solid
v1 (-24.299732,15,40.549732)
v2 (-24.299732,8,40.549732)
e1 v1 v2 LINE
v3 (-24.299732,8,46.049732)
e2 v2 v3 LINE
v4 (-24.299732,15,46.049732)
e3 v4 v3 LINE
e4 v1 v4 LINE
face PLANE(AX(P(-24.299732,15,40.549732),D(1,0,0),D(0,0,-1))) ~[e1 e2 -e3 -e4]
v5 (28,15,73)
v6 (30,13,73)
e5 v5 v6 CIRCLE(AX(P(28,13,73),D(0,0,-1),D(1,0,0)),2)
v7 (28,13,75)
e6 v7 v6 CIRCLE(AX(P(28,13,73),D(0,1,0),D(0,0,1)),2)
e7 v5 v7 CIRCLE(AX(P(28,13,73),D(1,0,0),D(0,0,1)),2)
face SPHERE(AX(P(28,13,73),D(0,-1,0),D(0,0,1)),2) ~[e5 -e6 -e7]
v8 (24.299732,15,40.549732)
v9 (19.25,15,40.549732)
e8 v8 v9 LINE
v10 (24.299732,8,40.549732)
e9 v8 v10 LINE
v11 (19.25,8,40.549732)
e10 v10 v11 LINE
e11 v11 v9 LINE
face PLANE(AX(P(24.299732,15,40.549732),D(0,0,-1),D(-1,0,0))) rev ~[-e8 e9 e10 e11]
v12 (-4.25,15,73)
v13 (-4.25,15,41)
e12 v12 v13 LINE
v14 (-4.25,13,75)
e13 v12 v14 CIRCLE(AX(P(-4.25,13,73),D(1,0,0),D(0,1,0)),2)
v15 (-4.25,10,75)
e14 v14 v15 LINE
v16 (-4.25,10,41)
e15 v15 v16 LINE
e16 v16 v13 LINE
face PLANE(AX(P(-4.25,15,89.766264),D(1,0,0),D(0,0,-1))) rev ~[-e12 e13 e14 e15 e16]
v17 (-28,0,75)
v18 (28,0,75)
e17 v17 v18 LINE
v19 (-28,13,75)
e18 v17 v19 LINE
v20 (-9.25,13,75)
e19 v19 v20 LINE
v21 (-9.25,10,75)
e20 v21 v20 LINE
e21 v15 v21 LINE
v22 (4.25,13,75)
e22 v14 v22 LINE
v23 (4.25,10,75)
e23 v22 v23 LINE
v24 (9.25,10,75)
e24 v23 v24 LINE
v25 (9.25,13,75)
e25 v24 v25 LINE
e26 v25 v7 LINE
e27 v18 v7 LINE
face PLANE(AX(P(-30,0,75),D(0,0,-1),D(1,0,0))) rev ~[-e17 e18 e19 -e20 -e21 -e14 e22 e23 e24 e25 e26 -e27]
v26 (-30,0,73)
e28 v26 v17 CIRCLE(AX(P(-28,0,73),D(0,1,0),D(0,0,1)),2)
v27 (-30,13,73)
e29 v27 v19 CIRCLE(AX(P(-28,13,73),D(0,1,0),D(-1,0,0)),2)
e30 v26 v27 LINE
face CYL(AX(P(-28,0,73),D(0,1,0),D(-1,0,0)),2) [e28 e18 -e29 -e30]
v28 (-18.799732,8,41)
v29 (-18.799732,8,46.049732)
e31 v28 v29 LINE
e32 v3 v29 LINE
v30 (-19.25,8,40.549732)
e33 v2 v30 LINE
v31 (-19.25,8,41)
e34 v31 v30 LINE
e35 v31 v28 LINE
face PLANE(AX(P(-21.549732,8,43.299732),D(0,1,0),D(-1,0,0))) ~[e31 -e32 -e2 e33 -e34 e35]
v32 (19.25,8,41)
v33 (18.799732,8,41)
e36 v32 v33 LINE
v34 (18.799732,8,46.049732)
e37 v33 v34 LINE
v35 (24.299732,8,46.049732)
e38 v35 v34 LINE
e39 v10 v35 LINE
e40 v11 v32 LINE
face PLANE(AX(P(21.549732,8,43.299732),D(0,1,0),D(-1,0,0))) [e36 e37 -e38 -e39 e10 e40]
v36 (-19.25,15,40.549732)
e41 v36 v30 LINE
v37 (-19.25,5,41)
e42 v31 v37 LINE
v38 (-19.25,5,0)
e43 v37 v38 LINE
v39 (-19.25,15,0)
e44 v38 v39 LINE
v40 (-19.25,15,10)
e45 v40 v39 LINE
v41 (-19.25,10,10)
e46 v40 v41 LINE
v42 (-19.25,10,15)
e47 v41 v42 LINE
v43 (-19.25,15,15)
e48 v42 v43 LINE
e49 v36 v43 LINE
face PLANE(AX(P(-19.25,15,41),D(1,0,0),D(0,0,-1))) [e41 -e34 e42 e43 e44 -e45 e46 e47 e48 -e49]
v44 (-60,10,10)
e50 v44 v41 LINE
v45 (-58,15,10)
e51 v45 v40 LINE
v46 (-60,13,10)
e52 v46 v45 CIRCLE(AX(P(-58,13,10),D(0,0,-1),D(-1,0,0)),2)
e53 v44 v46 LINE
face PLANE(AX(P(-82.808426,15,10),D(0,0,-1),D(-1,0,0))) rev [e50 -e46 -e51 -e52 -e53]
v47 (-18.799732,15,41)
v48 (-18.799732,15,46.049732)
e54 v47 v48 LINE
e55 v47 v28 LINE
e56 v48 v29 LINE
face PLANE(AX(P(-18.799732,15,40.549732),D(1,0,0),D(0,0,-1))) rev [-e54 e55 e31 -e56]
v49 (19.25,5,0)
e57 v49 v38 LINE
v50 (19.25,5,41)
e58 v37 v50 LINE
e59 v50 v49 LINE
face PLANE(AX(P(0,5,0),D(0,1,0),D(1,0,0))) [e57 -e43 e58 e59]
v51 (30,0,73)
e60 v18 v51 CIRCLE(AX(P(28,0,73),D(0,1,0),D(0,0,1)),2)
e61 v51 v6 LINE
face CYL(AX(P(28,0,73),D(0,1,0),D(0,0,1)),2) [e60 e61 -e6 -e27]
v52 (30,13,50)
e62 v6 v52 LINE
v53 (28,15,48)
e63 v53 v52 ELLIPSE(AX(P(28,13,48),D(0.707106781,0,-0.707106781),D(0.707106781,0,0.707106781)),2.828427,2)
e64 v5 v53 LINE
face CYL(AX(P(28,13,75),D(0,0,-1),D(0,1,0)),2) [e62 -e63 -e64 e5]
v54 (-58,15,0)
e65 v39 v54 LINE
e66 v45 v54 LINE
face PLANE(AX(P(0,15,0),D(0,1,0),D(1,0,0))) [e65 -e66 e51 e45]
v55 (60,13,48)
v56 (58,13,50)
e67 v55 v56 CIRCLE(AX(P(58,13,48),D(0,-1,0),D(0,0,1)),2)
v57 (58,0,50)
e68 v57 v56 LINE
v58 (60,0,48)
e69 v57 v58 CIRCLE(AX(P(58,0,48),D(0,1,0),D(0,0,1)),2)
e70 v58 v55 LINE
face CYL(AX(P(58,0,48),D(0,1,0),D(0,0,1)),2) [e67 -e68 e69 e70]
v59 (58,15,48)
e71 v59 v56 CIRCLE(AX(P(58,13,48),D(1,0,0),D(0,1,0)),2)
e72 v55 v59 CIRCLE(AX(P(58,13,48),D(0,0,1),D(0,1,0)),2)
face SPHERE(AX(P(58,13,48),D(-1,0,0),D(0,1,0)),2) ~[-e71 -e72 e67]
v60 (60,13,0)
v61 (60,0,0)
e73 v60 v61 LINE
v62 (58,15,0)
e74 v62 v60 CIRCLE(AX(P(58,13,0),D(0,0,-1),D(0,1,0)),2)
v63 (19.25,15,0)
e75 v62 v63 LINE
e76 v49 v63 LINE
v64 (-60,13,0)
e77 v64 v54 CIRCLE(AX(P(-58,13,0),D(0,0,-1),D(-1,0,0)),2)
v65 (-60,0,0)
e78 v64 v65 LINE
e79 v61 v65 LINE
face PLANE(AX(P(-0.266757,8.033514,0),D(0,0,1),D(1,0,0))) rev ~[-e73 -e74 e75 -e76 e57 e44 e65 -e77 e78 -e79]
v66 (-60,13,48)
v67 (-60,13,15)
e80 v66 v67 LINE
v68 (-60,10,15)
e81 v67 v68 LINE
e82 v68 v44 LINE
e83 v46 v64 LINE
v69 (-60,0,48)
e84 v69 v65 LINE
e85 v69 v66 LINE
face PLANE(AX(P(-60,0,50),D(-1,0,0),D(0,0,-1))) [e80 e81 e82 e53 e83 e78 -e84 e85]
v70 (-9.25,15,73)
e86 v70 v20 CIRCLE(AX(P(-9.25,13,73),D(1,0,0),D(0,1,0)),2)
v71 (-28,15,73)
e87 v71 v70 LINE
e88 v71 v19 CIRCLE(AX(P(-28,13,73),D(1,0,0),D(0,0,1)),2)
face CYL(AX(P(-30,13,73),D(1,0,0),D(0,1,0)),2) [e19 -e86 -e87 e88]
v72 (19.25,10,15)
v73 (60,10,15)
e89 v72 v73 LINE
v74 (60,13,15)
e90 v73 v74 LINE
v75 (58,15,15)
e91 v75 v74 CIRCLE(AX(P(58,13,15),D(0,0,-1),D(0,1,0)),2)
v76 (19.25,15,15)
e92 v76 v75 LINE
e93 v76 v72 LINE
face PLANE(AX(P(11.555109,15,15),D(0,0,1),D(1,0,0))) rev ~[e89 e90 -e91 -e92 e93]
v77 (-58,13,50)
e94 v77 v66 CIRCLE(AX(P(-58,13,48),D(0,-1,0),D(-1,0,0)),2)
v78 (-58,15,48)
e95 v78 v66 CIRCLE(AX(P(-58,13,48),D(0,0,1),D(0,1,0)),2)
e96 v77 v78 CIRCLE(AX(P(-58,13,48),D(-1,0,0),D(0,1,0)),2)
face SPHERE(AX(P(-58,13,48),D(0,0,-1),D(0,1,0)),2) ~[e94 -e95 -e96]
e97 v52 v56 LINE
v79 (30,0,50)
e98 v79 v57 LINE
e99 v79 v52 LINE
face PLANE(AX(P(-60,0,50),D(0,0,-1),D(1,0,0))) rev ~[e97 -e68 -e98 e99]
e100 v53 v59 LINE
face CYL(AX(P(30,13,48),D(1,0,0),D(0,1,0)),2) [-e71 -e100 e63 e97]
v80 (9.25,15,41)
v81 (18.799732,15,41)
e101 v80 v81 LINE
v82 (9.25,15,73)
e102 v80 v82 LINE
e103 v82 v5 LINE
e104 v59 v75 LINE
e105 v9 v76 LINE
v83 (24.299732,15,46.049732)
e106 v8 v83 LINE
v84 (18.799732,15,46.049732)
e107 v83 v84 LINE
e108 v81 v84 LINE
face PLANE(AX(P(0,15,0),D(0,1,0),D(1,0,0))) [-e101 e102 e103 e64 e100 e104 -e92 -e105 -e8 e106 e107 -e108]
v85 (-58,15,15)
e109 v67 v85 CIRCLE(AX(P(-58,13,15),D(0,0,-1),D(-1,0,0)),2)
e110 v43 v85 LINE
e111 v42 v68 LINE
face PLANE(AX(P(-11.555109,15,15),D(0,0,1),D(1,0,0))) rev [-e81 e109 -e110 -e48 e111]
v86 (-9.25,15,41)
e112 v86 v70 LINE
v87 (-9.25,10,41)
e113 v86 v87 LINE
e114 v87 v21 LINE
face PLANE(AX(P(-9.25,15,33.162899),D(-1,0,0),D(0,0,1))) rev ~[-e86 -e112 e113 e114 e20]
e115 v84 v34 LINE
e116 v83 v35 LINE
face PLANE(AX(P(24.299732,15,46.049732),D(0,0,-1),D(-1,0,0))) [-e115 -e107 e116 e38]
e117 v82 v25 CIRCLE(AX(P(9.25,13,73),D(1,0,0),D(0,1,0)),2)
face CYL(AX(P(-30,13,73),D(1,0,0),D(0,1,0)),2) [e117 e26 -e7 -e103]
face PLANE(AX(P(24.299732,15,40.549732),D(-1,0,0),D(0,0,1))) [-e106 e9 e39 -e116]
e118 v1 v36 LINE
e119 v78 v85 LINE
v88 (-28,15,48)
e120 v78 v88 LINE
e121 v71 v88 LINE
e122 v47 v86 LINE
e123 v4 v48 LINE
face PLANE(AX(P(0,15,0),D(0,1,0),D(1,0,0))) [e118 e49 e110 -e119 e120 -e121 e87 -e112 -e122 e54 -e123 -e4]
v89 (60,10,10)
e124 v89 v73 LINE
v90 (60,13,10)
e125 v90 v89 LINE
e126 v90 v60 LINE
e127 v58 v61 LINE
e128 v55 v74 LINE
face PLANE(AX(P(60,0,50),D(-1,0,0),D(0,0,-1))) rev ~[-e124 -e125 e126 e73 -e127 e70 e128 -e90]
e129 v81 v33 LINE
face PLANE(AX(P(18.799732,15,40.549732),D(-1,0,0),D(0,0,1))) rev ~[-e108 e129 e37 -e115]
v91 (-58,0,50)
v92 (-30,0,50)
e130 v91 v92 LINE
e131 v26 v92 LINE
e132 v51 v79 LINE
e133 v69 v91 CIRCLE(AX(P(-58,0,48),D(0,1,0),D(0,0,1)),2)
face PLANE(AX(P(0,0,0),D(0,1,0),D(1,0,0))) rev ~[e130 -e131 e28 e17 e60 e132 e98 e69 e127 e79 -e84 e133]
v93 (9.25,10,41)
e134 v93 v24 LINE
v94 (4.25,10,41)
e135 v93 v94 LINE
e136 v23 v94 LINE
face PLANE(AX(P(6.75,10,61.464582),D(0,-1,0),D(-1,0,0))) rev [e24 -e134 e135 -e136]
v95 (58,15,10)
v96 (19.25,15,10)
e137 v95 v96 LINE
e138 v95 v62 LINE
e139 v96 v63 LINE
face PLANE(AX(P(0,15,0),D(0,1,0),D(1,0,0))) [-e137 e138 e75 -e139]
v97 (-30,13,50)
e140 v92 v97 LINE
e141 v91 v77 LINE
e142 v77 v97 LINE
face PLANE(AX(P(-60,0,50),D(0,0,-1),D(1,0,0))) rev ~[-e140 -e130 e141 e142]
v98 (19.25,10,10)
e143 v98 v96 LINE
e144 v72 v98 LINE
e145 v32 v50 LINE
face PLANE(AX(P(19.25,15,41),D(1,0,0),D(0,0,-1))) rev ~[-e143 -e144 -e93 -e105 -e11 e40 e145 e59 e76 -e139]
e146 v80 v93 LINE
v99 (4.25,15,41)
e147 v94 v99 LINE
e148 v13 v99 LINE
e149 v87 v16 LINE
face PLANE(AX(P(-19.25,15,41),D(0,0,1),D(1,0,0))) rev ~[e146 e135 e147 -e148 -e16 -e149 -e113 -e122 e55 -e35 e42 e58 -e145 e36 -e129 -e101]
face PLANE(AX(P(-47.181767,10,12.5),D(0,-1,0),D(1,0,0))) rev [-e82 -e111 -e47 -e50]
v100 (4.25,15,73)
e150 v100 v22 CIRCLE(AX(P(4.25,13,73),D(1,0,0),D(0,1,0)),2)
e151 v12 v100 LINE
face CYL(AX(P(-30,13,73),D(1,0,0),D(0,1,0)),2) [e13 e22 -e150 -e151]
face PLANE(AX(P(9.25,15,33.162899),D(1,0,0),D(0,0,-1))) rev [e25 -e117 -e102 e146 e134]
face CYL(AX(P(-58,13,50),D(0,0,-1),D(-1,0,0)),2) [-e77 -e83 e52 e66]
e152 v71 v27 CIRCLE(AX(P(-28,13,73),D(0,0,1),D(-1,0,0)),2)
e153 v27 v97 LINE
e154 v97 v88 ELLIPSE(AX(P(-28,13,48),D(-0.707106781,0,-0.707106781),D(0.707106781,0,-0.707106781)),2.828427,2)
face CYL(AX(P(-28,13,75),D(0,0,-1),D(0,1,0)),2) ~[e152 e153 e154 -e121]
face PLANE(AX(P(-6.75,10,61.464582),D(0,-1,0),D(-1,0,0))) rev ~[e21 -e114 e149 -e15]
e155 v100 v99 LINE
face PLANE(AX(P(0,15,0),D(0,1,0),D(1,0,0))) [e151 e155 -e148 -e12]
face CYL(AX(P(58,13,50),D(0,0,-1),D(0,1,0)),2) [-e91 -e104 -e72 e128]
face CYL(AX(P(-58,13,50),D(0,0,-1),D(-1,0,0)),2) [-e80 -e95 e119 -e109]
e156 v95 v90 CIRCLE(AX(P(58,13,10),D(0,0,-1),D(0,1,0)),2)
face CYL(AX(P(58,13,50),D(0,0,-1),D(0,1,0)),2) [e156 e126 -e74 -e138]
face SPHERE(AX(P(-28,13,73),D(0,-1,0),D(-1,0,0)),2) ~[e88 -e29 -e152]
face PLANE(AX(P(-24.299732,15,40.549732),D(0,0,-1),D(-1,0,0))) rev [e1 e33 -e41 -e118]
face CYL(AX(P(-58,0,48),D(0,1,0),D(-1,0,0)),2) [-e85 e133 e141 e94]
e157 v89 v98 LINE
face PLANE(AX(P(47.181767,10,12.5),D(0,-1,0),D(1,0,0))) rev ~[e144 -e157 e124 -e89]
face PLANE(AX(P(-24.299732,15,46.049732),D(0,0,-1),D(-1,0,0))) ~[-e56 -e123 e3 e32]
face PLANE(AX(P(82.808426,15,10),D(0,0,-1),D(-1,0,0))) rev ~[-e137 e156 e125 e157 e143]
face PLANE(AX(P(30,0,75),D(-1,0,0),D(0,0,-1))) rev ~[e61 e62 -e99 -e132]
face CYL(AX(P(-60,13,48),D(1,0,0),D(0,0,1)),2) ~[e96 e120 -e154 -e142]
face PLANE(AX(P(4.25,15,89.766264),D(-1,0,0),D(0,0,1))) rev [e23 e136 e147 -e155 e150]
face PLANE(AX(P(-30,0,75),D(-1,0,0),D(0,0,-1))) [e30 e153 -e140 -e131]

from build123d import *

# Parameters (mm, degrees)
SKETCH1_W                                  = 120
SKETCH1_H                                  = 100
BOSS_EXTRUDE1_DEPTH                        = 15
SKETCH7_W                                  = 60
SKETCH7_H                                  = 25
BOSS_EXTRUDE6_DEPTH                        = 15
FILLET1_R                                  = 2
SKETCH2_W                                  = 38.5
SKETCH2_H                                  = 82
CUT_EXTRUDE1_DEPTH                         = 10
CUT_EXTRUDE3_DEPTH                         = 5
SKETCH11_W                                 = 5.5
SKETCH11_H                                 = 5.5
CUT_EXTRUDE6_DEPTH                         = 7
MIRROR3_AT_THE_SECOND_PLANE_COPY_1_SKETC_W = 5.5
MIRROR3_AT_THE_SECOND_PLANE_COPY_1_SKETC_H = 5.5
MIRROR3_AT_THE_SECOND_PLANE_COPY_1_DEPTH   = 7
MIRROR4_AT_THE_SECOND_PLANE_COPY_1_DEPTH   = 5
CUT_EXTRUDE7_REACH                         = 99.211
SKETCH12_W                                 = 131.778064034
SKETCH12_H                                 = 21.740712993


with BuildPart() as part:
    # Sketch1 → Boss-Extrude1 (new body)
    with BuildSketch(Plane(origin=(0, 0, 0), x_dir=(1, 0, 0), z_dir=(0, 1, 0))):
        Rectangle(SKETCH1_W, SKETCH1_H)
    extrude(amount=BOSS_EXTRUDE1_DEPTH)

    # Sketch7 → Boss-Extrude6 (add)
    with BuildSketch(Plane(origin=(0, 0, 0), x_dir=(1, 0, 0), z_dir=(0, 1, 0))):
        with Locations((0, -62.5)):
            Rectangle(SKETCH7_W, SKETCH7_H)
        with Locations((0, 62.5)):
            Rectangle(SKETCH7_W, SKETCH7_H)
    extrude(amount=BOSS_EXTRUDE6_DEPTH)

    # Fillet1
    fillet1_edges = [part.edges().sort_by_distance(p)[0] for p in [
        (-60, 15, 0),
        (45, 15, 50),
        (-45, 15, 50),
        (-30, 7.5, 75),
        (30, 7.5, 75),
        (-30, 15, 62.5),
        (0, 15, 75),
        (30, 15, 62.5),
        (-45, 15, -50),
        (0, 15, -75),
        (30, 7.5, -75),
        (-30, 15, -62.5),
        (-30, 7.5, -75),
        (30, 15, -62.5),
        (60, 15, 0),
        (60, 7.5, 50),
        (-60, 7.5, 50),
        (-60, 7.5, -50),
        (60, 7.5, -50),
        (45, 15, -50),
    ]]
    fillet(fillet1_edges, radius=FILLET1_R)

    # Sketch2 → Cut-Extrude1 (cut)
    with BuildSketch(Plane(origin=(0, 15, 0), x_dir=(1, 0, 0), z_dir=(0, 1, 0))):
        Rectangle(SKETCH2_W, SKETCH2_H)
    extrude(amount=-CUT_EXTRUDE1_DEPTH, mode=Mode.SUBTRACT)

    # Sketch10 → Cut-Extrude3 (cut)
    with BuildSketch(Plane(origin=(0, 15, 0), x_dir=(1, 0, 0), z_dir=(0, 1, 0))):
        Polygon((-9.25, -40.5), (-9.25, -33.162899401), (-4.25, -33.162899401), (-4.25, -40.5), (-4.25, -89.766264028), (-9.25, -89.766264028), align=None)
        Polygon((-82.808425803, 15), (-19.25, 15), (-11.555108838, 15), (-11.555108838, 10), (-19.25, 10), (-82.808425803, 10), align=None)
    cut_extrude3 = extrude(amount=-CUT_EXTRUDE3_DEPTH, mode=Mode.SUBTRACT)

    # Sketch11 → Cut-Extrude6 (cut)
    with BuildSketch(Plane(origin=(0, 15, 0), x_dir=(1, 0, 0), z_dir=(0, 1, 0))):
        with Locations((-21.549732367, 43.299732367)):
            Rectangle(SKETCH11_W, SKETCH11_H)
    cut_extrude6 = extrude(amount=-CUT_EXTRUDE6_DEPTH, mode=Mode.SUBTRACT)

    # Mirror3: Cut-Extrude6 across plane
    add(cut_extrude6.mirror(Plane(origin=(0, 0, 0), x_dir=(0, 0, 1), z_dir=(1, 0, 0))), mode=Mode.SUBTRACT)

    # Mirror3 at the second plane: Cut-Extrude6 across plane
    add(cut_extrude6.mirror(Plane.XY), mode=Mode.SUBTRACT)

    # Mirror3 at the second plane copy 1 sketc → Mirror3 at the second plane copy 1 (cut)
    with BuildSketch(Plane(origin=(0, 15, 0), x_dir=(-1, 0, 0), z_dir=(0, 1, 0))):
        with Locations((-21.549732367, 43.299732367)):
            Rectangle(MIRROR3_AT_THE_SECOND_PLANE_COPY_1_SKETC_W, MIRROR3_AT_THE_SECOND_PLANE_COPY_1_SKETC_H)
    extrude(amount=-MIRROR3_AT_THE_SECOND_PLANE_COPY_1_DEPTH, mode=Mode.SUBTRACT)

    # Mirror4: Cut-Extrude3 across plane
    add(cut_extrude3.mirror(Plane(origin=(0, 0, 0), x_dir=(0, 0, 1), z_dir=(1, 0, 0))), mode=Mode.SUBTRACT)

    # Mirror4 at the second plane: Cut-Extrude3 across plane
    add(cut_extrude3.mirror(Plane.XY), mode=Mode.SUBTRACT)

    # Mirror4 at the second plane copy 1 sketc → Mirror4 at the second plane copy 1 (cut)
    with BuildSketch(Plane(origin=(0, 15, 0), x_dir=(-1, 0, 0), z_dir=(0, 1, 0))):
        Polygon((-9.25, -40.5), (-9.25, -33.162899401), (-4.25, -33.162899401), (-4.25, -40.5), (-4.25, -89.766264028), (-9.25, -89.766264028), align=None)
        Polygon((-82.808425803, 15), (-19.25, 15), (-11.555108838, 15), (-11.555108838, 10), (-19.25, 10), (-82.808425803, 10), align=None)
    extrude(amount=-MIRROR4_AT_THE_SECOND_PLANE_COPY_1_DEPTH, mode=Mode.SUBTRACT)

    # Sketch12 → Cut-Extrude7 (cut, up to next)
    with BuildSketch(Plane.XY, mode=Mode.PRIVATE) as cut_extrude7_sk1:
        with Locations((-0.266757215, 8.03351443)):
            Rectangle(SKETCH12_W, SKETCH12_H)
    cut_extrude7_tool1 = extrude(cut_extrude7_sk1.sketch, amount=-CUT_EXTRUDE7_REACH, mode=Mode.PRIVATE) & part.part
    add(cut_extrude7_tool1.solids().sort_by_distance((-0.266757, 8.033514, 0))[0], mode=Mode.SUBTRACT)


solid = part.part
